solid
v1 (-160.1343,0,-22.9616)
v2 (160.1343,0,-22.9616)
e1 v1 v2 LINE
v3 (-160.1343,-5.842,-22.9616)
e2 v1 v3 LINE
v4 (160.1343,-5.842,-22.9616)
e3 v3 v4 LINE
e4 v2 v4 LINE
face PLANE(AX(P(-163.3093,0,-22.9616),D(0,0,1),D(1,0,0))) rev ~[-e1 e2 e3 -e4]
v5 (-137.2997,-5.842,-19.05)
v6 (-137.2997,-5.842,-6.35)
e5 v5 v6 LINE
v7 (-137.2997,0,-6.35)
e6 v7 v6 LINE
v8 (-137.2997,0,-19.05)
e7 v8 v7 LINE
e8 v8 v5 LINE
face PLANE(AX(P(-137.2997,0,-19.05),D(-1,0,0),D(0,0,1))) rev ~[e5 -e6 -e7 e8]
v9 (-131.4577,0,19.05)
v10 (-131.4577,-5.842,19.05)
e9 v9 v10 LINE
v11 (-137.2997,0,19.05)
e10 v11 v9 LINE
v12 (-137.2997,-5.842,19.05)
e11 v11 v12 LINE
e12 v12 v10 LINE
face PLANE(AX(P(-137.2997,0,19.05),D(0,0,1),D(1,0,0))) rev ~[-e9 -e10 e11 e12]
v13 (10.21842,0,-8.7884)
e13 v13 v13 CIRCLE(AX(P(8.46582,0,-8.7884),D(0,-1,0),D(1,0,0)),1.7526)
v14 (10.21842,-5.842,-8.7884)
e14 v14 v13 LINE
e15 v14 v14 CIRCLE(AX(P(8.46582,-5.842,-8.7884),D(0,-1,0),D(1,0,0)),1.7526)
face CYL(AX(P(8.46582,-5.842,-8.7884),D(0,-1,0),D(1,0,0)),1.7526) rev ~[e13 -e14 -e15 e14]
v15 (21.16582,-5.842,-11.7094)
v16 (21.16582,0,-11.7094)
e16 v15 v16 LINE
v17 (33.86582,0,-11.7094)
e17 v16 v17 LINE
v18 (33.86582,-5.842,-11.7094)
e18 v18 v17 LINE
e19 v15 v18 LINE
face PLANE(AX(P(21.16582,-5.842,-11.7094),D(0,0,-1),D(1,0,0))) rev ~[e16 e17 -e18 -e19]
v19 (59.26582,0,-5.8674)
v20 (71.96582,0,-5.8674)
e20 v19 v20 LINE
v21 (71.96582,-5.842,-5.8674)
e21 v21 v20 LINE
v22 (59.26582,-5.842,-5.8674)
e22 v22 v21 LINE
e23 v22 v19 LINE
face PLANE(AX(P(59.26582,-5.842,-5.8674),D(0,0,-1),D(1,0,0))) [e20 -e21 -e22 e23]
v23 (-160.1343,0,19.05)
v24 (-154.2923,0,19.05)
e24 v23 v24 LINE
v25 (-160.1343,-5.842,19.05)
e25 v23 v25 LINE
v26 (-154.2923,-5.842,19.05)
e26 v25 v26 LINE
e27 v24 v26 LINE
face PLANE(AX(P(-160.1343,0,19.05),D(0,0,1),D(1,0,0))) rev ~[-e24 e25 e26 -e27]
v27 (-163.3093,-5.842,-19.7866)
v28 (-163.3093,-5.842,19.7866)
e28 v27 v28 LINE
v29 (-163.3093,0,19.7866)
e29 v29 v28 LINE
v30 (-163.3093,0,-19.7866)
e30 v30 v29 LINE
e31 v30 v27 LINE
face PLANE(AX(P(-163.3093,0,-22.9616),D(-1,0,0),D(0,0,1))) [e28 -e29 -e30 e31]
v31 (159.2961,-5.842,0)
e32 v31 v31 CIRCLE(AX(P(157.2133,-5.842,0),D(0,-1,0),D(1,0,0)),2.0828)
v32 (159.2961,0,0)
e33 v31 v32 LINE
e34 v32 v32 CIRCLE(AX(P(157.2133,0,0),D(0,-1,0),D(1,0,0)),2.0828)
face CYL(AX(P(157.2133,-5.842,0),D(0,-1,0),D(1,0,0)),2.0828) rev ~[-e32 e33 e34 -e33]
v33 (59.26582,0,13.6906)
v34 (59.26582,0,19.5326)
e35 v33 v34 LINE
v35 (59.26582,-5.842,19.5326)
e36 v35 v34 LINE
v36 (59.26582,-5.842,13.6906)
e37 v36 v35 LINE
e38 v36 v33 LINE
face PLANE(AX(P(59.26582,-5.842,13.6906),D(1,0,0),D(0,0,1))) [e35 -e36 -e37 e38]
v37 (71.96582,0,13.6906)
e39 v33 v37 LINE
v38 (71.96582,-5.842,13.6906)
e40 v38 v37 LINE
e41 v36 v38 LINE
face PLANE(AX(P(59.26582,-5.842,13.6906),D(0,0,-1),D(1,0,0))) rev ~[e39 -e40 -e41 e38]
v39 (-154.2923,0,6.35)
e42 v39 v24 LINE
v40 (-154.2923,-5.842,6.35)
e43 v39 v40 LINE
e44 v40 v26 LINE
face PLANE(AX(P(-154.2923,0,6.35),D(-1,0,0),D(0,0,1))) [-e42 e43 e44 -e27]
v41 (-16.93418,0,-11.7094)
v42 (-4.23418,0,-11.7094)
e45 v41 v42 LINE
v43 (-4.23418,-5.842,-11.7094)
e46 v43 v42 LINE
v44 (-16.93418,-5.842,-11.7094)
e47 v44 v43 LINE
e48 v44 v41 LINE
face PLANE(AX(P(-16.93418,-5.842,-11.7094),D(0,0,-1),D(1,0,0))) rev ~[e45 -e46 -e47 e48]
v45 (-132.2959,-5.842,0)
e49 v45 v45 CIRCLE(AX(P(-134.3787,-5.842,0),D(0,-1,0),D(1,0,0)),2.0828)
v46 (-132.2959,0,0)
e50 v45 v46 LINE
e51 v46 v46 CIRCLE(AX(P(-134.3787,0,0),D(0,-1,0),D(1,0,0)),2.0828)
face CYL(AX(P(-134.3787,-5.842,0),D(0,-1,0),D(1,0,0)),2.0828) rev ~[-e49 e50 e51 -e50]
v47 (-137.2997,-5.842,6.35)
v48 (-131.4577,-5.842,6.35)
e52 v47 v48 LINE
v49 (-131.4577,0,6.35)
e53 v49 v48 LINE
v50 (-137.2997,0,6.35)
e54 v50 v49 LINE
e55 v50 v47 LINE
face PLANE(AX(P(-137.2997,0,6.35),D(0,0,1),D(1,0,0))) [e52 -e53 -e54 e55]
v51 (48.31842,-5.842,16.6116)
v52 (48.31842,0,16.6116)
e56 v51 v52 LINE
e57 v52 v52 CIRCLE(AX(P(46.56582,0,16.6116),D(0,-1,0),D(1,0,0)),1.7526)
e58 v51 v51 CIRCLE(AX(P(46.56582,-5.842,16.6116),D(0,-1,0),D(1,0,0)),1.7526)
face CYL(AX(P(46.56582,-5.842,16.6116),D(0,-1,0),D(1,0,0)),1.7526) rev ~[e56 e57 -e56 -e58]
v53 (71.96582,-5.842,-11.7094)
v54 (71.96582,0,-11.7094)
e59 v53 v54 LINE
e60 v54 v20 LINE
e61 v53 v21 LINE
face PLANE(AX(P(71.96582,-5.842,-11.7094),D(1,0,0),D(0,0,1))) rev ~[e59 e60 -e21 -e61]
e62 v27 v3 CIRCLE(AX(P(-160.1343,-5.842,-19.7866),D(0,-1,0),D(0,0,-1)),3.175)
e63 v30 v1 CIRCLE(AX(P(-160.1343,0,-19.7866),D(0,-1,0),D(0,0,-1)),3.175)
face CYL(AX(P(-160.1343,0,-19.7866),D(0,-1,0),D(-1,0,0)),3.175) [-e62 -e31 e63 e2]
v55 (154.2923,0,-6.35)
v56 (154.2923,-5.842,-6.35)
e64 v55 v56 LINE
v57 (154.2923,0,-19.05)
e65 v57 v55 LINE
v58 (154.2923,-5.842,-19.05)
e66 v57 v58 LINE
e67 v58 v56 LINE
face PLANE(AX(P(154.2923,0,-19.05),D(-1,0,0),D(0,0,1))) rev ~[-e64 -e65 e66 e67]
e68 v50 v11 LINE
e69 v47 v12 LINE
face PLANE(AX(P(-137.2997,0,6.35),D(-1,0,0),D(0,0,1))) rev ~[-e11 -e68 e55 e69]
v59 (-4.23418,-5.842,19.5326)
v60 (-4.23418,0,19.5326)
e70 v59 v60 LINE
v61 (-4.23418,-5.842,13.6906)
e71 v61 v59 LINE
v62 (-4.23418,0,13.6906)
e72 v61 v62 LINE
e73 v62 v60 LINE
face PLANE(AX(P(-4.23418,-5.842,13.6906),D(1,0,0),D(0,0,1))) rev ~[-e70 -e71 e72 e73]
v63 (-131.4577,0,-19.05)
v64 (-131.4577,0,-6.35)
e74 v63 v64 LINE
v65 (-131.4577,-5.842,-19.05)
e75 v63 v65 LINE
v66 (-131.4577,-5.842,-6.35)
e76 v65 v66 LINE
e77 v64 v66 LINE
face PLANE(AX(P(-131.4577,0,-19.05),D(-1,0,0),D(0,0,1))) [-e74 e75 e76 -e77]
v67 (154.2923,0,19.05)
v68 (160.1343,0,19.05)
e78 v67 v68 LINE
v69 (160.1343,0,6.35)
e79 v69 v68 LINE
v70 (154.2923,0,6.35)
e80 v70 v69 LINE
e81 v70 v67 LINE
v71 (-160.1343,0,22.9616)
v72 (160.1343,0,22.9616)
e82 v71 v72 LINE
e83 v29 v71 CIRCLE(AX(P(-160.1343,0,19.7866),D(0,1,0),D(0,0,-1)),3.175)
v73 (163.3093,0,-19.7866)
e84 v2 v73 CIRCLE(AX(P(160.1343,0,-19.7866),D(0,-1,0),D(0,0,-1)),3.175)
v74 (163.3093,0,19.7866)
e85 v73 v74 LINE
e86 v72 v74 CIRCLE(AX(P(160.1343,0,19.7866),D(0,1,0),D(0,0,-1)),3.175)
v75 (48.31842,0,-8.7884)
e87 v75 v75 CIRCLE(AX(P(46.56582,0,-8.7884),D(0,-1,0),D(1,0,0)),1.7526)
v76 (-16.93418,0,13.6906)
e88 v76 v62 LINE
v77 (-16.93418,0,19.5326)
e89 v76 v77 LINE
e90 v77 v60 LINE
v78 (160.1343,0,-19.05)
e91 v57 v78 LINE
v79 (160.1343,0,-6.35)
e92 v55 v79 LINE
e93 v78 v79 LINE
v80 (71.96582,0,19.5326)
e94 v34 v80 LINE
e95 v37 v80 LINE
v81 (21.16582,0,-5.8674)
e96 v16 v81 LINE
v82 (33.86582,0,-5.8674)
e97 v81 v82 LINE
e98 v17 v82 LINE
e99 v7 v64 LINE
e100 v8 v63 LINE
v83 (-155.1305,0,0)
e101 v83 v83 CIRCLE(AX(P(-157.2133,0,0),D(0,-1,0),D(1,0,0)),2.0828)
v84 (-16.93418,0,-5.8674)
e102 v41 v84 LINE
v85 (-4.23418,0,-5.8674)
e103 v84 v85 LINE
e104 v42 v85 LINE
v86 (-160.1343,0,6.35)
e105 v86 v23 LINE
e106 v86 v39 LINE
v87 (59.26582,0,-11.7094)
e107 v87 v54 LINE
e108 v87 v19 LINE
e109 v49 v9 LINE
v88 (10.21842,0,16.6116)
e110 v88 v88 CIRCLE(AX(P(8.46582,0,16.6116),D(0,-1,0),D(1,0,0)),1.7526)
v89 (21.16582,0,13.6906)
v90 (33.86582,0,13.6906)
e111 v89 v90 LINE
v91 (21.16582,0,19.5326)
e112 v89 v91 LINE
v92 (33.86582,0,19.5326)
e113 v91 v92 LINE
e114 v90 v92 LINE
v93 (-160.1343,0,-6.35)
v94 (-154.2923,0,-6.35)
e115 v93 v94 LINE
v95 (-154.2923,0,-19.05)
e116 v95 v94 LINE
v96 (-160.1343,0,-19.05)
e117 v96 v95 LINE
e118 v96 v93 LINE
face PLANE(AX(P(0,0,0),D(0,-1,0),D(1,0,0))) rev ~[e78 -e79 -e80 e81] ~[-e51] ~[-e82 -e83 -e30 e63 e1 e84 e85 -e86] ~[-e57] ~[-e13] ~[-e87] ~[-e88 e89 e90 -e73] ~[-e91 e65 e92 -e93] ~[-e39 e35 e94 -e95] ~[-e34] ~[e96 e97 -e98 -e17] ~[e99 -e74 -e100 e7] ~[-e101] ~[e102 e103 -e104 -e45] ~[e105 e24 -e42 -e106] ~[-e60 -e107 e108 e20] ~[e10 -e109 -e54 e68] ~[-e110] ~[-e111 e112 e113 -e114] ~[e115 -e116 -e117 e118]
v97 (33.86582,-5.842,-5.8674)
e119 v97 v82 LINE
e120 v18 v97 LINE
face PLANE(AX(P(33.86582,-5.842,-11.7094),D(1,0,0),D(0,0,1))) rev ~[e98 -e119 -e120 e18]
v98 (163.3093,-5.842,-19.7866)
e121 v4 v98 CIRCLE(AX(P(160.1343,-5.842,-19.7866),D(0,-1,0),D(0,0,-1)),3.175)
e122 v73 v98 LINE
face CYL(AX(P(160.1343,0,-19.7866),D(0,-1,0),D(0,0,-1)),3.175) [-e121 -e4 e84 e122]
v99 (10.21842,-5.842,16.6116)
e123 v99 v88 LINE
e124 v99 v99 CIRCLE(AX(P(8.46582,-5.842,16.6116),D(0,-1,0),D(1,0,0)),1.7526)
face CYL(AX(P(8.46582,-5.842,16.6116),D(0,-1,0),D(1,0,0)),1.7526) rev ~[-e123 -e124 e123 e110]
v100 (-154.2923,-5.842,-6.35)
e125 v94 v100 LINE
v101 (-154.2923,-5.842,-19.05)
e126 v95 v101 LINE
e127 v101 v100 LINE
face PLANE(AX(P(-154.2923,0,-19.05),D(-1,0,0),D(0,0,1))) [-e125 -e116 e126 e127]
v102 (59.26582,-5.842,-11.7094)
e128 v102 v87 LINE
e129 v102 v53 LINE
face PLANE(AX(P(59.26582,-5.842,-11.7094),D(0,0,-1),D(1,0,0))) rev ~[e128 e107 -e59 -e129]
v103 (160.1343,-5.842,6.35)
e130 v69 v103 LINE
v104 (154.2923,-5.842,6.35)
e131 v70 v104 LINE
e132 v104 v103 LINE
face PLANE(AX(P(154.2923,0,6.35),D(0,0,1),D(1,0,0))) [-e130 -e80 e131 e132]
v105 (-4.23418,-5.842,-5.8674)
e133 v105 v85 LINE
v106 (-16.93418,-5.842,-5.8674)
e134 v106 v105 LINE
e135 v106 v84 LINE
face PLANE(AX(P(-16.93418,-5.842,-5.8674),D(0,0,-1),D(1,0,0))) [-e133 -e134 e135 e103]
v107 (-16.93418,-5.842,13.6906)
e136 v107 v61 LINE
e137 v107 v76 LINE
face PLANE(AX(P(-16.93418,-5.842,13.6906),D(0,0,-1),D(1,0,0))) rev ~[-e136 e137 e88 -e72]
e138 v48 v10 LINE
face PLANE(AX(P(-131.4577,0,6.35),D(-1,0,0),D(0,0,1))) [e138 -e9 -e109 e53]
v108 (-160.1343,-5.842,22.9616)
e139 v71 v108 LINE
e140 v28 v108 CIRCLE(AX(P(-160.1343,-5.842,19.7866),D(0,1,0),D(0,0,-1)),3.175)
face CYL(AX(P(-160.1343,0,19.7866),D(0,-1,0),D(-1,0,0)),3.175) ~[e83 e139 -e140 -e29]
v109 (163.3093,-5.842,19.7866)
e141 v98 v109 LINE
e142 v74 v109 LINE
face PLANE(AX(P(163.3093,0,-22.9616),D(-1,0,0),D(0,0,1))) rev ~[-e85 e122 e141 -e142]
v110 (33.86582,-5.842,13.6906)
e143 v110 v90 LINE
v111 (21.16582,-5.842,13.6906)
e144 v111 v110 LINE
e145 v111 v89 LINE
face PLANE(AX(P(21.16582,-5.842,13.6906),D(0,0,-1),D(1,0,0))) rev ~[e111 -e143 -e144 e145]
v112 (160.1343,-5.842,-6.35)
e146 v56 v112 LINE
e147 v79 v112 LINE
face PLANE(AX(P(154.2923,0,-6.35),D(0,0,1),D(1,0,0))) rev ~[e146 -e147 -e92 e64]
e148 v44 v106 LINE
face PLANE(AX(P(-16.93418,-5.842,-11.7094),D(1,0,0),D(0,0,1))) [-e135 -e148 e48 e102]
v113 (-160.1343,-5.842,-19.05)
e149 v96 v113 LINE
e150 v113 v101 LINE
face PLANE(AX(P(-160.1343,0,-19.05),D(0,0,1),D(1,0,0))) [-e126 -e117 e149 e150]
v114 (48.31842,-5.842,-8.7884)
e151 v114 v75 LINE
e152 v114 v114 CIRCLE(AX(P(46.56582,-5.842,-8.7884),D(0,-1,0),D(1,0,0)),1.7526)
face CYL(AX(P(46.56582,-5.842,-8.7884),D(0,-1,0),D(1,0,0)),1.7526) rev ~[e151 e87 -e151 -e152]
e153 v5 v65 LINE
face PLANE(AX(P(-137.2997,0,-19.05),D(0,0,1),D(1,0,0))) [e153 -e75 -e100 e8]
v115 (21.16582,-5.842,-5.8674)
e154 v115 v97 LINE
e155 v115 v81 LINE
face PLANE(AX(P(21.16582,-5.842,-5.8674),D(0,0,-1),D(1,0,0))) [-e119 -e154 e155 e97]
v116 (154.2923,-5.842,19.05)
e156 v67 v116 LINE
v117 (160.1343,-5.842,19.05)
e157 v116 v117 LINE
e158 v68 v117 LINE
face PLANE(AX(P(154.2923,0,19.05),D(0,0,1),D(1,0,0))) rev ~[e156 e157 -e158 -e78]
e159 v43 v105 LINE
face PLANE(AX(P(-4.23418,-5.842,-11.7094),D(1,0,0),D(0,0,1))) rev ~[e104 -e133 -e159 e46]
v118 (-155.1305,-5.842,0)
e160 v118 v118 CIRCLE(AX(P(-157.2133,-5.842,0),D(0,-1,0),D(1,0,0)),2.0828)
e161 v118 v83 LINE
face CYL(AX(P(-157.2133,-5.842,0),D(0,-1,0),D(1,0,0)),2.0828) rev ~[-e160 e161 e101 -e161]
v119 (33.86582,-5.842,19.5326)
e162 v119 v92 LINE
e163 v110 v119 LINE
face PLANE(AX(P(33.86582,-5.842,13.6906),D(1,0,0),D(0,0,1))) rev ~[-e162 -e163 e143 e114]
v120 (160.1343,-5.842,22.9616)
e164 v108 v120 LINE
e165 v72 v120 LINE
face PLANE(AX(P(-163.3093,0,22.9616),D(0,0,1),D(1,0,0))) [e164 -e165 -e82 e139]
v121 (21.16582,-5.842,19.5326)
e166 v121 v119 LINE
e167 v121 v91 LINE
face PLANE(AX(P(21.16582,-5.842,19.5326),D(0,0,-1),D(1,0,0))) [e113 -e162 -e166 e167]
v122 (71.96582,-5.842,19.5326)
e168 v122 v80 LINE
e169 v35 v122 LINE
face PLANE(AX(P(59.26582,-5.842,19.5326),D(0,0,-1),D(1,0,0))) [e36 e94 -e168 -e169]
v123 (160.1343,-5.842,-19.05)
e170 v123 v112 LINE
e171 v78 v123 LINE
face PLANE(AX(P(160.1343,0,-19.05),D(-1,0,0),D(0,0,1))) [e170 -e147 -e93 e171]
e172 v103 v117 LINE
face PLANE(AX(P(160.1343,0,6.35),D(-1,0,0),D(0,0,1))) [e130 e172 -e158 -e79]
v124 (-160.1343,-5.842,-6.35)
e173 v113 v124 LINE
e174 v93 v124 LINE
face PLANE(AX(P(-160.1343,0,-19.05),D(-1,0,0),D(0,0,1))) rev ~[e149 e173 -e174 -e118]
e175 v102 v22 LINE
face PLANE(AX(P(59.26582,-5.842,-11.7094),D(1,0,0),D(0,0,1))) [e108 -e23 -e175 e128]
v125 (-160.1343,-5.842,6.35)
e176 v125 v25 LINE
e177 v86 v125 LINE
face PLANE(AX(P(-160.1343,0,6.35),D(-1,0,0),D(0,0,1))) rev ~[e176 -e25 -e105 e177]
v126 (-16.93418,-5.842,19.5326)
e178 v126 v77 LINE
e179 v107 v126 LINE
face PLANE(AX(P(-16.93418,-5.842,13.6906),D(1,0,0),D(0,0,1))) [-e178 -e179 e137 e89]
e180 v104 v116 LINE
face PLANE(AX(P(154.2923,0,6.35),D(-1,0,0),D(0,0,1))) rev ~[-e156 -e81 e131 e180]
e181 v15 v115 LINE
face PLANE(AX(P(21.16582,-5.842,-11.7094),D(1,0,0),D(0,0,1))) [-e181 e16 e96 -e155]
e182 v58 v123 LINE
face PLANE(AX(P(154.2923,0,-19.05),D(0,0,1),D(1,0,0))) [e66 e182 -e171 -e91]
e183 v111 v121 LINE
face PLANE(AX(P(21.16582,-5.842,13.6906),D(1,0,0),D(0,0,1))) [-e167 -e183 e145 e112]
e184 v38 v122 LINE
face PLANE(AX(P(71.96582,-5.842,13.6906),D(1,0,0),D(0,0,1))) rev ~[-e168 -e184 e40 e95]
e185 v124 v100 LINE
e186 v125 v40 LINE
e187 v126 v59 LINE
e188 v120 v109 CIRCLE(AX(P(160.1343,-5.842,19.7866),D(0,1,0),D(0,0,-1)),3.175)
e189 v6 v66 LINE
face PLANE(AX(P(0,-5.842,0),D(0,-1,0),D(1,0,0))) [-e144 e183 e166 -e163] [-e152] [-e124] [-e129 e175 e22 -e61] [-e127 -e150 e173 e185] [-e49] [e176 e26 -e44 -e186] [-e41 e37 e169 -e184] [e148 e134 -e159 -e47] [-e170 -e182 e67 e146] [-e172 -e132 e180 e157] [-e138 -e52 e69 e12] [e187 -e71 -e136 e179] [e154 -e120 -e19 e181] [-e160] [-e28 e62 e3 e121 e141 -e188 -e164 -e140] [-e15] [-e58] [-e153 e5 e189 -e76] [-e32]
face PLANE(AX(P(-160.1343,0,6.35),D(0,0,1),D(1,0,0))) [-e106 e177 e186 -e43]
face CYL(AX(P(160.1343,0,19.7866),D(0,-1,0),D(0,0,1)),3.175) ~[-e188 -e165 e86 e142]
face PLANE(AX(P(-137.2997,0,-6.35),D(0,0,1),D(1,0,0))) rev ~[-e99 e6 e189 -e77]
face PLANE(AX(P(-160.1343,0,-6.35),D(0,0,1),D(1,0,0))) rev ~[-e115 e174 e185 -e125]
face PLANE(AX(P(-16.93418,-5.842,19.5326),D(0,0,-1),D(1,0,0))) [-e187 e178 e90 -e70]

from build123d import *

# Parameters (mm, degrees)
F0_W     = 326.6186
F0_H     = 45.9232
F0_W_2   = 5.842
F0_H_2   = 12.7
F1_DEPTH = 5.842
F2_R     = 3.175
F3_R     = 2.0828
F4_DEPTH = 25.4
F5_R     = 2.0828
F6_DEPTH = 25.4
F7_W     = 12.7
F7_H     = 5.842
F7_R     = 1.7526
F8_DEPTH = 25.4


with BuildPart() as f1:
    # F0 (on Front) → F1 (new body)
    with BuildSketch(Plane.XZ):
        Rectangle(F0_W, F0_H)
        with Locations((-157.2133, -12.7)):
            Rectangle(F0_W_2, F0_H_2, mode=Mode.SUBTRACT)
        with Locations((-134.3787, -12.7)):
            Rectangle(F0_W_2, F0_H_2, mode=Mode.SUBTRACT)
        with Locations((157.2133, -12.7)):
            Rectangle(F0_W_2, F0_H_2, mode=Mode.SUBTRACT)
        with Locations((-157.2133, 12.7)):
            Rectangle(F0_W_2, F0_H_2, mode=Mode.SUBTRACT)
        with Locations((-134.3787, 12.7)):
            Rectangle(F0_W_2, F0_H_2, mode=Mode.SUBTRACT)
        with Locations((157.2133, 12.7)):
            Rectangle(F0_W_2, F0_H_2, mode=Mode.SUBTRACT)
    extrude(amount=F1_DEPTH)

    # F2
    f2_edges = [f1.edges().sort_by_distance(p)[0] for p in [
        (-163.3093, -2.921, 22.9616),
        (-163.3093, -2.921, -22.9616),
        (163.3093, -2.921, 22.9616),
        (163.3093, -2.921, -22.9616),
    ]]
    fillet(f2_edges, radius=F2_R)

    # F3 (on face) → F4 (cut)
    with BuildSketch(Plane.XZ.offset(5.842)):
        with Locations((-134.3787, 0)):
            Circle(F3_R)
        with Locations((-157.2133, 0)):
            Circle(F3_R)
    extrude(amount=-F4_DEPTH, mode=Mode.SUBTRACT)

    # F5 (on face) → F6 (cut)
    with BuildSketch(Plane.XZ.offset(5.842)):
        with Locations((157.2133, 0)):
            Circle(F5_R)
    extrude(amount=-F6_DEPTH, mode=Mode.SUBTRACT)

    # F7 (on face) → F8 (cut)
    with BuildSketch(Plane.XZ.offset(5.842)):
        with Locations((-10.58418, 16.6116)):
            Rectangle(F7_W, F7_H)
        with Locations((27.51582, 16.6116)):
            Rectangle(F7_W, F7_H)
        with Locations((65.61582, 16.6116)):
            Rectangle(F7_W, F7_H)
        with Locations((8.46582, 16.6116)):
            Circle(F7_R)
        with Locations((46.56582, 16.6116)):
            Circle(F7_R)
        with Locations((-10.58418, -8.7884)):
            Rectangle(F7_W, F7_H)
        with Locations((27.51582, -8.7884)):
            Rectangle(F7_W, F7_H)
        with Locations((65.61582, -8.7884)):
            Rectangle(F7_W, F7_H)
        with Locations((8.46582, -8.7884)):
            Circle(F7_R)
        with Locations((46.56582, -8.7884)):
            Circle(F7_R)
    extrude(amount=-F8_DEPTH, mode=Mode.SUBTRACT)


solid = f1.part
